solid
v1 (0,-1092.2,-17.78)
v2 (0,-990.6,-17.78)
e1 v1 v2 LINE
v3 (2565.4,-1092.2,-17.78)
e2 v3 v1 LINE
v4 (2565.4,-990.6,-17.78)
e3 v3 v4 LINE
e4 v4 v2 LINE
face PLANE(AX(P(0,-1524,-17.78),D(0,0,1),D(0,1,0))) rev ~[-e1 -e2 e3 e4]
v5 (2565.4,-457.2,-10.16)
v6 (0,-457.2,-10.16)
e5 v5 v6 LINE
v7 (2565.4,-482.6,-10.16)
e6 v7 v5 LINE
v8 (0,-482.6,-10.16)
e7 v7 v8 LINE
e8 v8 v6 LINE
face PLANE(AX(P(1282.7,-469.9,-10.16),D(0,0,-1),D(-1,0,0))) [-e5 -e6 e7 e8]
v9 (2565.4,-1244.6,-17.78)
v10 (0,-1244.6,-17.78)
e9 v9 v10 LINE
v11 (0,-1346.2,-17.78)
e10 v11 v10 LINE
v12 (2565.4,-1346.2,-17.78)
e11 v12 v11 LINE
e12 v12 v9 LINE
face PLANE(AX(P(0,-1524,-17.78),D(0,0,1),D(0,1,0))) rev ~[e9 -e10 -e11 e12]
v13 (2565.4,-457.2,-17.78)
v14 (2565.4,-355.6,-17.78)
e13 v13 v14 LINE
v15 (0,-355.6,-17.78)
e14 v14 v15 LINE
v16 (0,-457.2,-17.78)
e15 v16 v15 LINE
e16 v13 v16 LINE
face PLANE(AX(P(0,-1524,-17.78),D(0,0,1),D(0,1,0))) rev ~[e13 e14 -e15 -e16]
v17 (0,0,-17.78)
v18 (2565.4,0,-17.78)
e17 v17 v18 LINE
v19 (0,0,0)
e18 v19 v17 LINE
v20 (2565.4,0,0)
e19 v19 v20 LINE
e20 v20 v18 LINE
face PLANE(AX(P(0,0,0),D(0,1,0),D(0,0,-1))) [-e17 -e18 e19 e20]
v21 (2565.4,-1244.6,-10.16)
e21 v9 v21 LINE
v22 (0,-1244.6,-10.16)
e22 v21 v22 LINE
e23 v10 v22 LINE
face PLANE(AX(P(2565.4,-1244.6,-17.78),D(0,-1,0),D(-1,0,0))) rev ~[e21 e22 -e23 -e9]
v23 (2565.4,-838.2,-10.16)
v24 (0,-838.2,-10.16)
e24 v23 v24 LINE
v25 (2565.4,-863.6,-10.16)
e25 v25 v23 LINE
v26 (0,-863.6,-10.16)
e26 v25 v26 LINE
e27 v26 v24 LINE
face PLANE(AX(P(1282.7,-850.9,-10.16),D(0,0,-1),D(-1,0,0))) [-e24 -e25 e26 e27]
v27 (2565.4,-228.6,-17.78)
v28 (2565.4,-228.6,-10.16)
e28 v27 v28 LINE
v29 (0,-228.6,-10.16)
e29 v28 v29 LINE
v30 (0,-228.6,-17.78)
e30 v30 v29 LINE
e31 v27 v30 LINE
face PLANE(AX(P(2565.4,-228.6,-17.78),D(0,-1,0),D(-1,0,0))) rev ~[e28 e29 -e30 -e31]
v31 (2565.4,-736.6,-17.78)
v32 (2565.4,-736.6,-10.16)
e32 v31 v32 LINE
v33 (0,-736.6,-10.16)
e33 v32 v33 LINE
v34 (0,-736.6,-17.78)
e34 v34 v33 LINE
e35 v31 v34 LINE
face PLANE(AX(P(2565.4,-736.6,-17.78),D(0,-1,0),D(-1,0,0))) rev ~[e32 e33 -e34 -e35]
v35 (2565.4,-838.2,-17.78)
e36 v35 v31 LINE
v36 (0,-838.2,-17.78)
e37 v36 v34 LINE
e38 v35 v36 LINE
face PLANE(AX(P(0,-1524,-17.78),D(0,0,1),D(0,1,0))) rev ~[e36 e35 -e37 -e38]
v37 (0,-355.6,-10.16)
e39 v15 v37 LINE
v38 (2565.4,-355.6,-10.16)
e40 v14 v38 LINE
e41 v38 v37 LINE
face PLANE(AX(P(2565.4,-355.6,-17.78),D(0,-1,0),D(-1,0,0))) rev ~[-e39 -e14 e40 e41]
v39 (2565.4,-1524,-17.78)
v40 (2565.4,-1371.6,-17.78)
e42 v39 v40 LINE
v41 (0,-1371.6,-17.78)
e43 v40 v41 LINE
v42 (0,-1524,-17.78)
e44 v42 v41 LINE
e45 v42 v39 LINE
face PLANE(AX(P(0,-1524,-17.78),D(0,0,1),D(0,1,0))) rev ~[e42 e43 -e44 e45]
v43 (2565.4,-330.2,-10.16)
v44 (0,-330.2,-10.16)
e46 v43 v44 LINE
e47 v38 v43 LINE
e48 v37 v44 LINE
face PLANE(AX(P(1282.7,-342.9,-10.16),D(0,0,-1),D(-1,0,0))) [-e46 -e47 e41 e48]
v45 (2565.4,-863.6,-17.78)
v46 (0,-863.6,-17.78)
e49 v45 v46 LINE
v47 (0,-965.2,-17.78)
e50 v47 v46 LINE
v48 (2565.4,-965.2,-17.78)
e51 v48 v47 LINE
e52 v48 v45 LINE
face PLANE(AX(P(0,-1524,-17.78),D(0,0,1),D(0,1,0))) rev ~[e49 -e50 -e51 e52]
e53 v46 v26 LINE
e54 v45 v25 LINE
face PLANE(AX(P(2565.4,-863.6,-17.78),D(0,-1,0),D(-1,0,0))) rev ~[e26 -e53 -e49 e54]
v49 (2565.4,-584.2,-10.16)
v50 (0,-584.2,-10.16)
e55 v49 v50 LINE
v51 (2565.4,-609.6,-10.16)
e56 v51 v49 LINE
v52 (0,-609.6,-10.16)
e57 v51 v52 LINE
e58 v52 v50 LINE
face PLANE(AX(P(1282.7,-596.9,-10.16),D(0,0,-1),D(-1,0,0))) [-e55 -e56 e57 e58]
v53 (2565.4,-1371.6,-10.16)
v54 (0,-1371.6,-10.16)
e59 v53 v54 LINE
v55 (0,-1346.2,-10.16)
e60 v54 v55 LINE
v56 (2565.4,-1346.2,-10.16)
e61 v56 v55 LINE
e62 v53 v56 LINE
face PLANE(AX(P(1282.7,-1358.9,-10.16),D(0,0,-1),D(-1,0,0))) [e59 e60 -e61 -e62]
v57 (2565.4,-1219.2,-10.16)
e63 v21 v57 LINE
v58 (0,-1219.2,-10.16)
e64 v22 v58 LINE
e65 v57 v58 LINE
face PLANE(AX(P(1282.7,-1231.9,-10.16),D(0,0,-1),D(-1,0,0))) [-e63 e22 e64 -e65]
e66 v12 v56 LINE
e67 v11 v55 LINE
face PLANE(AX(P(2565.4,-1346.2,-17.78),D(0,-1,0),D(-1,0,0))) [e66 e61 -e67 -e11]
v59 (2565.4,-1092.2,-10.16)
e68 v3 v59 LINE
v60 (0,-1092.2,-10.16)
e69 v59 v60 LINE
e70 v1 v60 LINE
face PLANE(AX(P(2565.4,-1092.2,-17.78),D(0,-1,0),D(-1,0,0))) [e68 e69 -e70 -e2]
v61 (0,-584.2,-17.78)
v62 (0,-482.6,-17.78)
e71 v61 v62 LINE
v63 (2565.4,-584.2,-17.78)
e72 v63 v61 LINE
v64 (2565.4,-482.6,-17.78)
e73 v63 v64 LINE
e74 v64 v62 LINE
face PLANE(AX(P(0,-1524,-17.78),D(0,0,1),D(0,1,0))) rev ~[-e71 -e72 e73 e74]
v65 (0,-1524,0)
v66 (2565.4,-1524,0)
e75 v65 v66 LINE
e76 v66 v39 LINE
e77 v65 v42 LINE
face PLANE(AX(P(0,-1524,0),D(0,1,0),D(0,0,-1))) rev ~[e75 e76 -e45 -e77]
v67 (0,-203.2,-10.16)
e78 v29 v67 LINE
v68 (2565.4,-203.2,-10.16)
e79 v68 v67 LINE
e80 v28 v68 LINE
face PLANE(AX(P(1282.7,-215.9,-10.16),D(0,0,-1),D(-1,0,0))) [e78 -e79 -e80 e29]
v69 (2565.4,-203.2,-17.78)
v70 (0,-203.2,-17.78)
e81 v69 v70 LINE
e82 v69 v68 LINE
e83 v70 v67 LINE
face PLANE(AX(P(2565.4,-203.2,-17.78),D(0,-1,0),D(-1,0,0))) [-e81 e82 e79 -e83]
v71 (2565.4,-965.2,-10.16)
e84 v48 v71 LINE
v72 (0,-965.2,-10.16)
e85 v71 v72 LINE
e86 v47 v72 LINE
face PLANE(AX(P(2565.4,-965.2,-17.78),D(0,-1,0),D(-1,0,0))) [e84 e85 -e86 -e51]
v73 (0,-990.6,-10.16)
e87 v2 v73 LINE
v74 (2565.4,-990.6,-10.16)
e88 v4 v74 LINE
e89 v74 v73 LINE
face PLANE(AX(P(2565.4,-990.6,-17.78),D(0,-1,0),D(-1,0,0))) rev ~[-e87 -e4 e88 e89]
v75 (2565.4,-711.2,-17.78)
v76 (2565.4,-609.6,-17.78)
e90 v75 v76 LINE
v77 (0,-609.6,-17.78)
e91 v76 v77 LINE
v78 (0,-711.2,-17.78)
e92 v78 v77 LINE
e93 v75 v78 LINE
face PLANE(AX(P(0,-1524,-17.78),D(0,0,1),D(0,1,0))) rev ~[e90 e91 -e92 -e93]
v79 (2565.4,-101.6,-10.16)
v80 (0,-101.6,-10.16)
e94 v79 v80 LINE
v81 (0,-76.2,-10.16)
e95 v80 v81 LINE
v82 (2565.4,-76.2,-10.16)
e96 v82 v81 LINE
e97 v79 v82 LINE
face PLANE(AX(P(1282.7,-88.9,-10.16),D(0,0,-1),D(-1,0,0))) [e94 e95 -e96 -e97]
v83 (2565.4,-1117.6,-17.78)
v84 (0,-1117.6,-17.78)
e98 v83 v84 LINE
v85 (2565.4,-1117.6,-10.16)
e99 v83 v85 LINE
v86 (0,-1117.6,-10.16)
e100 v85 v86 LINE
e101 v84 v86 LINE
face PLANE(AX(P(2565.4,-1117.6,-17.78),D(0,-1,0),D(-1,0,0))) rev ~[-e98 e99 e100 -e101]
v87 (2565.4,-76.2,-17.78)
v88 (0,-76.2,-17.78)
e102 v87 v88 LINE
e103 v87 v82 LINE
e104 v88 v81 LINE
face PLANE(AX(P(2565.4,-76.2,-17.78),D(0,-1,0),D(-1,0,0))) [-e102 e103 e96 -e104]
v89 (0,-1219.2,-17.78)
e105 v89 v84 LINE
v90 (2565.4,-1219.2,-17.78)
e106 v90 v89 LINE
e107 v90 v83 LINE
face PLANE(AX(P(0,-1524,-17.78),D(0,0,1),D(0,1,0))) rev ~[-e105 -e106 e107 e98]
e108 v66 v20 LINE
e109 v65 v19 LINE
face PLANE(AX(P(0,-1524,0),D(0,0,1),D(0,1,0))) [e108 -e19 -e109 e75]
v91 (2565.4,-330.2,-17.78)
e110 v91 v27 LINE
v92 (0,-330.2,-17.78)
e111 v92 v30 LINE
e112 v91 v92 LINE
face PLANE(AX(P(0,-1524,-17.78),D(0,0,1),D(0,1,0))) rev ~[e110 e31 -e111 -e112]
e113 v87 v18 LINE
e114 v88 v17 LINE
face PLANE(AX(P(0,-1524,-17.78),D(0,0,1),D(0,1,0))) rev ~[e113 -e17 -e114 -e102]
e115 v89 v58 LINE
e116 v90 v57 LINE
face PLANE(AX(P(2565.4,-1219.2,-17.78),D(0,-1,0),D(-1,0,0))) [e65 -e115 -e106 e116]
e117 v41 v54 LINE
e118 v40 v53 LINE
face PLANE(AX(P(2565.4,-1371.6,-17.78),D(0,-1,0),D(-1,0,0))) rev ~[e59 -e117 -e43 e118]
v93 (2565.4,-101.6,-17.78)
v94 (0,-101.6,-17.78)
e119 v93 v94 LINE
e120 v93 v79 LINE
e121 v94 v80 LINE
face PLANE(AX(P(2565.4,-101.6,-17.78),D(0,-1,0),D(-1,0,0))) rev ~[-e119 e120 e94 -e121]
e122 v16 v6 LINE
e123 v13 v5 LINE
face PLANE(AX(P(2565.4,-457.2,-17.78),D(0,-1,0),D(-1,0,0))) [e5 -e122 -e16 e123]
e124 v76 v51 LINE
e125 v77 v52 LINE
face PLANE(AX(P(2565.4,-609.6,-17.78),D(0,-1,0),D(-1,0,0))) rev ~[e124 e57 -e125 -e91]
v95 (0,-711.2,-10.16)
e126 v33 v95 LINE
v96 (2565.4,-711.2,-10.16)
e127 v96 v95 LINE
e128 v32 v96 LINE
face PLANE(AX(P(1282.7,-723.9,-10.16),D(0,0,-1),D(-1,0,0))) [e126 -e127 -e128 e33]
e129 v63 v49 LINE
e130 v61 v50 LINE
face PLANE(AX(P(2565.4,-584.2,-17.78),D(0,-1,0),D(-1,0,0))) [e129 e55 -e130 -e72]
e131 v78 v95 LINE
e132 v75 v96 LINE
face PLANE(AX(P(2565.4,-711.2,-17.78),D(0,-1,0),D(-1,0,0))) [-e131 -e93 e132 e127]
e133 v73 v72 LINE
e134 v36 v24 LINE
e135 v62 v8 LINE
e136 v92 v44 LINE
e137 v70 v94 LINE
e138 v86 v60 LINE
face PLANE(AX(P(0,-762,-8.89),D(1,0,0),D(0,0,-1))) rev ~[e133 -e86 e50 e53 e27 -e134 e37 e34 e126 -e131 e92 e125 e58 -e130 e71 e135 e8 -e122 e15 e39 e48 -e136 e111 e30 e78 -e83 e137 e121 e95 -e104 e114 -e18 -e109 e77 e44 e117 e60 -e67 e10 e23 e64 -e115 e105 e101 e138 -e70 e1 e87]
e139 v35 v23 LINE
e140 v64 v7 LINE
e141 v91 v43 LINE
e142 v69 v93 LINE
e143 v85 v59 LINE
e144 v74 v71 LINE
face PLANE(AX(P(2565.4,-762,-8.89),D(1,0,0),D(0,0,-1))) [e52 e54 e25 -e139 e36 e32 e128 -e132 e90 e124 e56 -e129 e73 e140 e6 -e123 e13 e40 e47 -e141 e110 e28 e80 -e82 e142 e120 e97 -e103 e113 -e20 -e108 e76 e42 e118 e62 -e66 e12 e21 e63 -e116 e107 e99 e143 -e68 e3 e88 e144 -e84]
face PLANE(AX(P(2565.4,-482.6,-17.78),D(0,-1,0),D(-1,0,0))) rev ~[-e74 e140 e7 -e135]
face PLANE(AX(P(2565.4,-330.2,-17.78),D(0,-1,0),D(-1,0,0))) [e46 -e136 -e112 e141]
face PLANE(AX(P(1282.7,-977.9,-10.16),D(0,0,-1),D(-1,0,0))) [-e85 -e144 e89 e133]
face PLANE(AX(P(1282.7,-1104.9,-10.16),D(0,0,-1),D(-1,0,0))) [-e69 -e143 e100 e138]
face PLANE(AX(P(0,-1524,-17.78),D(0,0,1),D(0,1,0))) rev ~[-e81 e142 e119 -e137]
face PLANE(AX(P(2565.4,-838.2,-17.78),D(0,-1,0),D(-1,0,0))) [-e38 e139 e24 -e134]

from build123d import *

# Parameters (mm, degrees)
SKETCH2_W           = 17.78
SKETCH2_H           = 1524
BOSS_EXTRUDE1_DEPTH = 2565.4
SKETCH3_W           = 2565.4
SKETCH3_H           = 25.4
CUT_EXTRUDE1_DEPTH  = 7.62


with BuildPart() as part:
    # Sketch2 → Boss-Extrude1 (new body)
    with BuildSketch(Plane(origin=(0, 0, 0), x_dir=(0, 0, -1), z_dir=(1, 0, 0))):
        with Locations((8.89, -762)):
            Rectangle(SKETCH2_W, SKETCH2_H)
    extrude(amount=BOSS_EXTRUDE1_DEPTH)

    # Sketch3 → Cut-Extrude1 (cut)
    with BuildSketch(Plane(origin=(0, 0, -17.78), x_dir=(-1, 0, 0), z_dir=(0, 0, -1))):
        with Locations((-1282.7, -88.9)):
            Rectangle(SKETCH3_W, SKETCH3_H)
        with Locations((-1282.7, -215.9)):
            Rectangle(SKETCH3_W, SKETCH3_H)
        with Locations((-1282.7, -342.9)):
            Rectangle(SKETCH3_W, SKETCH3_H)
        with Locations((-1282.7, -469.9)):
            Rectangle(SKETCH3_W, SKETCH3_H)
        with Locations((-1282.7, -596.9)):
            Rectangle(SKETCH3_W, SKETCH3_H)
        with Locations((-1282.7, -723.9)):
            Rectangle(SKETCH3_W, SKETCH3_H)
        with Locations((-1282.7, -850.9)):
            Rectangle(SKETCH3_W, SKETCH3_H)
        with Locations((-1282.7, -977.9)):
            Rectangle(SKETCH3_W, SKETCH3_H)
        with Locations((-1282.7, -1104.9)):
            Rectangle(SKETCH3_W, SKETCH3_H)
        with Locations((-1282.7, -1231.9)):
            Rectangle(SKETCH3_W, SKETCH3_H)
        with Locations((-1282.7, -1358.9)):
            Rectangle(SKETCH3_W, SKETCH3_H)
    extrude(amount=-CUT_EXTRUDE1_DEPTH, mode=Mode.SUBTRACT)


solid = part.part
